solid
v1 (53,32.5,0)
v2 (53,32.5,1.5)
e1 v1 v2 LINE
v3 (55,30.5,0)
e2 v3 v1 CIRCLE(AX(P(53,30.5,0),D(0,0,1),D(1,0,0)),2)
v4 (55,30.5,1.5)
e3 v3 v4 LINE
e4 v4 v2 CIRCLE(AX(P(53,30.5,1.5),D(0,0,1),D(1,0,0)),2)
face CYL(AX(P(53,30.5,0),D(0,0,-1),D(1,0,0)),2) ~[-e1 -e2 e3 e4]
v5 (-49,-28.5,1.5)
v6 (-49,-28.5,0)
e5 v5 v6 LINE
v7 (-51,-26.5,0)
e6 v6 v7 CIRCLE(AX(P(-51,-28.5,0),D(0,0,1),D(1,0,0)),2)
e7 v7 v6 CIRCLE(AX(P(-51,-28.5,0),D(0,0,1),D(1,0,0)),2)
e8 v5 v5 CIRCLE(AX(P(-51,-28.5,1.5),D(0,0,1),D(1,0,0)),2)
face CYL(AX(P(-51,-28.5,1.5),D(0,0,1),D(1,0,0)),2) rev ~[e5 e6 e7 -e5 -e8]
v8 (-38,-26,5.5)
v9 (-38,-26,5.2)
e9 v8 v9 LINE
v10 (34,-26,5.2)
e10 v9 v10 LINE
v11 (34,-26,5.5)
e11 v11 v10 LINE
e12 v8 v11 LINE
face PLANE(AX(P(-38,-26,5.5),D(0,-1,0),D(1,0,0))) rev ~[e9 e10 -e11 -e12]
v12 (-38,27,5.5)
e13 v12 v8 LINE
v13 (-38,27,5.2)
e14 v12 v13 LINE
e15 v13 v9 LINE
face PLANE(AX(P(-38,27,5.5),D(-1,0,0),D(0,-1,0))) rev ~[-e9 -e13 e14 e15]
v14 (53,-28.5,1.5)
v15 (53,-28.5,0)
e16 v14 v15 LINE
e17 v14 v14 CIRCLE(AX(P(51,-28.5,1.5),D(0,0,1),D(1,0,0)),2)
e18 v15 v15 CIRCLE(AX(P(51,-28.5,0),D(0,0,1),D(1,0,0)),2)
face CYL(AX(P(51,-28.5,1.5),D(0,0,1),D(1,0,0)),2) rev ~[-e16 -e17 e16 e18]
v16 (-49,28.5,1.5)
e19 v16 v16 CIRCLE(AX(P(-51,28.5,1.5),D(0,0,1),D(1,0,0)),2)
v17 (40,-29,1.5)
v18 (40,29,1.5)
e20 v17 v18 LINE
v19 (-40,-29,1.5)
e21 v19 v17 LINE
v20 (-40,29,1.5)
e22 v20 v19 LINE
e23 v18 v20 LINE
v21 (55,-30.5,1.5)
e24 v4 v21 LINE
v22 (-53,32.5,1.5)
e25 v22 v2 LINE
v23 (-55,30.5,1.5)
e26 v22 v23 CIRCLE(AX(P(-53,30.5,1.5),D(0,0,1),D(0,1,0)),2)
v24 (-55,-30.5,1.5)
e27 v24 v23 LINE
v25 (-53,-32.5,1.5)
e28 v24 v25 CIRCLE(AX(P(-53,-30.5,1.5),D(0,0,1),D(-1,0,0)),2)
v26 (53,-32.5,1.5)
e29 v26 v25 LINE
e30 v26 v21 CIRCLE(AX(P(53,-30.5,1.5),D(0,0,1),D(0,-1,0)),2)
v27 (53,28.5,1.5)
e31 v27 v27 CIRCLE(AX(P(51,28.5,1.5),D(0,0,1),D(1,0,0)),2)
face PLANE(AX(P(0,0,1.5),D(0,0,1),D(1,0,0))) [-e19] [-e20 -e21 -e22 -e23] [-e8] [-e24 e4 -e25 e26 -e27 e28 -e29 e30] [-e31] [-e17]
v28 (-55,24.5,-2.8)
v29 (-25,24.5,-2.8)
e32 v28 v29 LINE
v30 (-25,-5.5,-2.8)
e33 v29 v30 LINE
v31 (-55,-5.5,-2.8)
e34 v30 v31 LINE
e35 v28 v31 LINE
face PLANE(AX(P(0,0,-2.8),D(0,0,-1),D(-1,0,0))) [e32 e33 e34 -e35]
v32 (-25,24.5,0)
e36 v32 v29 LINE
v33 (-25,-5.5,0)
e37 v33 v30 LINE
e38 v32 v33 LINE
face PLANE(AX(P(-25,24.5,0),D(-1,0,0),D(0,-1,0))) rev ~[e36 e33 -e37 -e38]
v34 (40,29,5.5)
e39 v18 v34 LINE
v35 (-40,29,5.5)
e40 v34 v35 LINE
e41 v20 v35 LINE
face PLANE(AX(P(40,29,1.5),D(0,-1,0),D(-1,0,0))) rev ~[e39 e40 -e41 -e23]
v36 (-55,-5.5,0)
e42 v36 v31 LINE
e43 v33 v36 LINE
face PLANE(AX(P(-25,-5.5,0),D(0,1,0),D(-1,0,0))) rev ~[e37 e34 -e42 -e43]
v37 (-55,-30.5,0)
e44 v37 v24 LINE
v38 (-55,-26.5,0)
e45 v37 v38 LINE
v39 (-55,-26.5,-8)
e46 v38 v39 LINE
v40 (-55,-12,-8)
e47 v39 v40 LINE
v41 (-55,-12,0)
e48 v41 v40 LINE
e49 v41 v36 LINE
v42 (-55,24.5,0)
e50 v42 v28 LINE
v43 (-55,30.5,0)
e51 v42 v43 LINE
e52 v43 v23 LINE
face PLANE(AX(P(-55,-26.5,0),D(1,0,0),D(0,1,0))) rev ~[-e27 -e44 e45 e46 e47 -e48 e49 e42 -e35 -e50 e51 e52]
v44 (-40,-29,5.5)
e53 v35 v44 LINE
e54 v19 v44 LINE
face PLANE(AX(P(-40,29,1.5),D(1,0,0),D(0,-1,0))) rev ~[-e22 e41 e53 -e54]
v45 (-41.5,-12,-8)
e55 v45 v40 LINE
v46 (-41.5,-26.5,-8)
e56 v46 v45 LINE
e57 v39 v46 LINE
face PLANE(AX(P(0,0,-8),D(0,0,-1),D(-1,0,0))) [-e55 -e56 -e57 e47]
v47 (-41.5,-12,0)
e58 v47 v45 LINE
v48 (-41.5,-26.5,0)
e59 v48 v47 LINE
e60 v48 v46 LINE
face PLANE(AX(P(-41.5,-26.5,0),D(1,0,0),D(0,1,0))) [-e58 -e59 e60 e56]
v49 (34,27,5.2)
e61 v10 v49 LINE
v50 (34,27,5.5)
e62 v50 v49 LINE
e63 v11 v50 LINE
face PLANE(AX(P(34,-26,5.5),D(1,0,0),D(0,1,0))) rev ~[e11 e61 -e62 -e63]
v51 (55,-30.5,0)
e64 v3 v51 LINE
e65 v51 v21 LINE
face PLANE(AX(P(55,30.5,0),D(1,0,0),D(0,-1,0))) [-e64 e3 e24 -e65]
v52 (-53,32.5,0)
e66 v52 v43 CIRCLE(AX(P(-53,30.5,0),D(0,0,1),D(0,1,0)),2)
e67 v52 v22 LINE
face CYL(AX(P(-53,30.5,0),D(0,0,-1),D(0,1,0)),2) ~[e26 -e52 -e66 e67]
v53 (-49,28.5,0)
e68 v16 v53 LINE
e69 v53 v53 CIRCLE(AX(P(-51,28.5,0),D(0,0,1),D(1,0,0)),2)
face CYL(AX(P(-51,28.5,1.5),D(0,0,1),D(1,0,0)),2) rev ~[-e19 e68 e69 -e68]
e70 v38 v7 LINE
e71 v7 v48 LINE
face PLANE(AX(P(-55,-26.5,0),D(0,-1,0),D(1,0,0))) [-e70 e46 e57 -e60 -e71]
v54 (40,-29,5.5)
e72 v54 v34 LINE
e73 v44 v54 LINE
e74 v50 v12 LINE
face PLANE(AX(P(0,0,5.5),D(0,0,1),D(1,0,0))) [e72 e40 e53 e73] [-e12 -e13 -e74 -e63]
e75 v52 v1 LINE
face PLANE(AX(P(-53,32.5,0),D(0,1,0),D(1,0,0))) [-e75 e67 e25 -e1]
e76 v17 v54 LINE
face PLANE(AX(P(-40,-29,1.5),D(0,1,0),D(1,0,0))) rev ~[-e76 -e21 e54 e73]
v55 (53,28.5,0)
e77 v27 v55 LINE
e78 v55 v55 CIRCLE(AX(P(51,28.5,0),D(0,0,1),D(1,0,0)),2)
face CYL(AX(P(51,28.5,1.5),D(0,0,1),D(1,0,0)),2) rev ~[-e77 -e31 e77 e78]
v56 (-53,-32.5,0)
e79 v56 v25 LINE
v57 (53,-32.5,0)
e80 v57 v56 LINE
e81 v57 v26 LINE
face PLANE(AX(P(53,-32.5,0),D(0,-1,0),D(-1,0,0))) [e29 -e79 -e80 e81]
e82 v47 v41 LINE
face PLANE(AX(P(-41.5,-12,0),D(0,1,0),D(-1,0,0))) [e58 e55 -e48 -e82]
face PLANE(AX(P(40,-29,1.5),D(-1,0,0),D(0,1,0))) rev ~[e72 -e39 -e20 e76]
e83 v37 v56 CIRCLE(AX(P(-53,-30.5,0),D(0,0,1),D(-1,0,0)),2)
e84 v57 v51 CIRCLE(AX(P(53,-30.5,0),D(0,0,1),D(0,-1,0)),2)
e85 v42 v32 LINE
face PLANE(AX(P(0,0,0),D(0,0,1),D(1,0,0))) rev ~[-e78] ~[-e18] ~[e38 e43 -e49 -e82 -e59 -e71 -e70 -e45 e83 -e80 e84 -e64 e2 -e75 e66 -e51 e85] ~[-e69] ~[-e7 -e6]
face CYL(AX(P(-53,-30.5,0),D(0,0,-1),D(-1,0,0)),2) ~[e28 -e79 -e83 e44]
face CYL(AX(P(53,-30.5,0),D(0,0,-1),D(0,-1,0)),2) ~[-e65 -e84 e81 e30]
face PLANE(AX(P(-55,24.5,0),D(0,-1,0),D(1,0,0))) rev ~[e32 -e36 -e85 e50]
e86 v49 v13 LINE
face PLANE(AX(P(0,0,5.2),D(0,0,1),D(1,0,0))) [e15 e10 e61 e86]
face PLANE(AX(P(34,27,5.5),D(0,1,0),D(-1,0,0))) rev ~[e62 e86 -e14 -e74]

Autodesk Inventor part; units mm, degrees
ref_plane "YZ Plane" through (0, 0, 0) normal (1, 0, 0) x (0, 1, 0)
ref_plane "XZ Plane" through (0, 0, 0) normal (0, 1, 0) x (-1, 0, 0)
ref_plane "XY Plane" through (0, 0, 0) normal (0, 0, 1) x (1, 0, 0)
sketch "Skizze1" plane through (0, 0, 0) normal (0, 0, 1) x (1, 0, 0)
  line L0 (-53, 32.5) -> (53, 32.5)
  line L1 (55, 30.5) -> (55, -30.5)
  line L2 (53, -32.5) -> (-53, -32.5)
  line L3 (-55, -30.5) -> (-55, 30.5)
  line L4 (-55, 32.5) -> (55, -32.5) construction
  line L5 (55, 32.5) -> (-55, -32.5) construction
  arc A0 (-53, 32.5) -> (-55, 30.5) centre (-53, 30.5) ccw
  arc A1 (55, 30.5) -> (53, 32.5) centre (53, 30.5) ccw
  arc A2 (53, -32.5) -> (55, -30.5) centre (53, -30.5) ccw
  arc A3 (-55, -30.5) -> (-53, -32.5) centre (-53, -30.5) ccw
  point P0 (0, 0)
  dimension "d0" = 110
  dimension "d1" = 65
  dimension "d2" = 2
extrude "Extrusion1" add sketch "Skizze1" along normal blind 1.5
sketch "Skizze2" plane through (0, 0, 1.5) normal (0, 0, 1) x (1, 0, 0)
  circle A0 centre (-51, 28.5) radius 2
  circle A1 centre (-51, -28.5) radius 2
  circle A2 centre (51, -28.5) radius 2
  circle A3 centre (51, 28.5) radius 2
  line L0 (-55, 30.5) -> (-55, -30.5) projected
  line L1 (-53, -32.5) -> (53, -32.5) projected
  point P0 (0, 0)
  dimension "d5" = 4
  dimension "d6" = 4
  dimension "d7" = 4
  dimension "d8" = 4
  dimension "d9" = 102
  dimension "d10" = 102
  dimension "d11" = 57
  dimension "d12" = 57
  dimension "d13" = 4
  dimension "d14" = 4
  dimension "d15" = 4
  dimension "d16" = 4
extrude "Extrusion2" cut sketch "Skizze2" against normal up to next
sketch "Skizze3" plane through (0, 0, 1.5) normal (0, 0, 1) x (1, 0, 0)
  line L0 (-40, -29) -> (40, -29)
  line L1 (40, -29) -> (40, 29)
  line L2 (40, 29) -> (-40, 29)
  line L3 (-40, 29) -> (-40, -29)
  line L4 (53, 32.5) -> (-53, 32.5) projected
  line L5 (-55, 30.5) -> (-55, -30.5) projected
  point P0 (0, 0)
  dimension "d19" = 80
  dimension "d20" = 58
  dimension "d21" = 3.5
  dimension "d22" = 15
extrude "Extrusion3" add sketch "Skizze3" along normal blind 4
sketch "Skizze4" plane through (0, 0, 5.5) normal (0, 0, 1) x (1, 0, 0)
  line L0 (-38, -26) -> (34, -26)
  line L1 (34, -26) -> (34, 27)
  line L2 (34, 27) -> (-38, 27)
  line L3 (-38, 27) -> (-38, -26)
  line L4 (-40, 29) -> (-40, -29) projected
  line L5 (40, 29) -> (-40, 29) projected
  point P0 (0, 0)
  dimension "d25" = 72
  dimension "d26" = 53
  dimension "d27" = 2
  dimension "d28" = 2
extrude "Extrusion4" cut sketch "Skizze4" against normal blind 0.3
sketch "Skizze5" plane through (0, 0, 0) normal (0, 0, -1) x (-1, 0, 0)
  line L0 (55, -30.5) -> (55, 30.5) projected
  line L1 (55, -26.5) -> (41.5, -26.5)
  line L2 (41.5, -26.5) -> (41.5, -12)
  line L3 (41.5, -12) -> (55, -12)
  line L4 (55, -12) -> (55, -26.5)
  line L5 (-53, -32.5) -> (53, -32.5) projected
  point P0 (0, 0)
  dimension "d31" = 14.5
  dimension "d32" = 6
  dimension "d33" = 13.5
extrude "Extrusion5" add sketch "Skizze5" along normal blind 8
sketch "Skizze6" plane through (0, 0, 0) normal (0, 0, -1) x (-1, 0, 0)
  line L0 (55, 30.5) -> (55, -30.5) projected
  line L1 (55, 24.5) -> (25, 24.5)
  line L2 (25, 24.5) -> (25, -5.5)
  line L3 (25, -5.5) -> (55, -5.5)
  line L4 (55, -5.5) -> (55, 24.5)
  line L5 (53, 32.5) -> (-53, 32.5) projected
  point P0 (0, 0)
  dimension "d36" = 30
  dimension "d37" = 30
  dimension "d38" = 8
extrude "Extrusion6" add sketch "Skizze6" along normal blind 2.8
properties part number "MKF TFT32" material "Edelstahl, 440C"
